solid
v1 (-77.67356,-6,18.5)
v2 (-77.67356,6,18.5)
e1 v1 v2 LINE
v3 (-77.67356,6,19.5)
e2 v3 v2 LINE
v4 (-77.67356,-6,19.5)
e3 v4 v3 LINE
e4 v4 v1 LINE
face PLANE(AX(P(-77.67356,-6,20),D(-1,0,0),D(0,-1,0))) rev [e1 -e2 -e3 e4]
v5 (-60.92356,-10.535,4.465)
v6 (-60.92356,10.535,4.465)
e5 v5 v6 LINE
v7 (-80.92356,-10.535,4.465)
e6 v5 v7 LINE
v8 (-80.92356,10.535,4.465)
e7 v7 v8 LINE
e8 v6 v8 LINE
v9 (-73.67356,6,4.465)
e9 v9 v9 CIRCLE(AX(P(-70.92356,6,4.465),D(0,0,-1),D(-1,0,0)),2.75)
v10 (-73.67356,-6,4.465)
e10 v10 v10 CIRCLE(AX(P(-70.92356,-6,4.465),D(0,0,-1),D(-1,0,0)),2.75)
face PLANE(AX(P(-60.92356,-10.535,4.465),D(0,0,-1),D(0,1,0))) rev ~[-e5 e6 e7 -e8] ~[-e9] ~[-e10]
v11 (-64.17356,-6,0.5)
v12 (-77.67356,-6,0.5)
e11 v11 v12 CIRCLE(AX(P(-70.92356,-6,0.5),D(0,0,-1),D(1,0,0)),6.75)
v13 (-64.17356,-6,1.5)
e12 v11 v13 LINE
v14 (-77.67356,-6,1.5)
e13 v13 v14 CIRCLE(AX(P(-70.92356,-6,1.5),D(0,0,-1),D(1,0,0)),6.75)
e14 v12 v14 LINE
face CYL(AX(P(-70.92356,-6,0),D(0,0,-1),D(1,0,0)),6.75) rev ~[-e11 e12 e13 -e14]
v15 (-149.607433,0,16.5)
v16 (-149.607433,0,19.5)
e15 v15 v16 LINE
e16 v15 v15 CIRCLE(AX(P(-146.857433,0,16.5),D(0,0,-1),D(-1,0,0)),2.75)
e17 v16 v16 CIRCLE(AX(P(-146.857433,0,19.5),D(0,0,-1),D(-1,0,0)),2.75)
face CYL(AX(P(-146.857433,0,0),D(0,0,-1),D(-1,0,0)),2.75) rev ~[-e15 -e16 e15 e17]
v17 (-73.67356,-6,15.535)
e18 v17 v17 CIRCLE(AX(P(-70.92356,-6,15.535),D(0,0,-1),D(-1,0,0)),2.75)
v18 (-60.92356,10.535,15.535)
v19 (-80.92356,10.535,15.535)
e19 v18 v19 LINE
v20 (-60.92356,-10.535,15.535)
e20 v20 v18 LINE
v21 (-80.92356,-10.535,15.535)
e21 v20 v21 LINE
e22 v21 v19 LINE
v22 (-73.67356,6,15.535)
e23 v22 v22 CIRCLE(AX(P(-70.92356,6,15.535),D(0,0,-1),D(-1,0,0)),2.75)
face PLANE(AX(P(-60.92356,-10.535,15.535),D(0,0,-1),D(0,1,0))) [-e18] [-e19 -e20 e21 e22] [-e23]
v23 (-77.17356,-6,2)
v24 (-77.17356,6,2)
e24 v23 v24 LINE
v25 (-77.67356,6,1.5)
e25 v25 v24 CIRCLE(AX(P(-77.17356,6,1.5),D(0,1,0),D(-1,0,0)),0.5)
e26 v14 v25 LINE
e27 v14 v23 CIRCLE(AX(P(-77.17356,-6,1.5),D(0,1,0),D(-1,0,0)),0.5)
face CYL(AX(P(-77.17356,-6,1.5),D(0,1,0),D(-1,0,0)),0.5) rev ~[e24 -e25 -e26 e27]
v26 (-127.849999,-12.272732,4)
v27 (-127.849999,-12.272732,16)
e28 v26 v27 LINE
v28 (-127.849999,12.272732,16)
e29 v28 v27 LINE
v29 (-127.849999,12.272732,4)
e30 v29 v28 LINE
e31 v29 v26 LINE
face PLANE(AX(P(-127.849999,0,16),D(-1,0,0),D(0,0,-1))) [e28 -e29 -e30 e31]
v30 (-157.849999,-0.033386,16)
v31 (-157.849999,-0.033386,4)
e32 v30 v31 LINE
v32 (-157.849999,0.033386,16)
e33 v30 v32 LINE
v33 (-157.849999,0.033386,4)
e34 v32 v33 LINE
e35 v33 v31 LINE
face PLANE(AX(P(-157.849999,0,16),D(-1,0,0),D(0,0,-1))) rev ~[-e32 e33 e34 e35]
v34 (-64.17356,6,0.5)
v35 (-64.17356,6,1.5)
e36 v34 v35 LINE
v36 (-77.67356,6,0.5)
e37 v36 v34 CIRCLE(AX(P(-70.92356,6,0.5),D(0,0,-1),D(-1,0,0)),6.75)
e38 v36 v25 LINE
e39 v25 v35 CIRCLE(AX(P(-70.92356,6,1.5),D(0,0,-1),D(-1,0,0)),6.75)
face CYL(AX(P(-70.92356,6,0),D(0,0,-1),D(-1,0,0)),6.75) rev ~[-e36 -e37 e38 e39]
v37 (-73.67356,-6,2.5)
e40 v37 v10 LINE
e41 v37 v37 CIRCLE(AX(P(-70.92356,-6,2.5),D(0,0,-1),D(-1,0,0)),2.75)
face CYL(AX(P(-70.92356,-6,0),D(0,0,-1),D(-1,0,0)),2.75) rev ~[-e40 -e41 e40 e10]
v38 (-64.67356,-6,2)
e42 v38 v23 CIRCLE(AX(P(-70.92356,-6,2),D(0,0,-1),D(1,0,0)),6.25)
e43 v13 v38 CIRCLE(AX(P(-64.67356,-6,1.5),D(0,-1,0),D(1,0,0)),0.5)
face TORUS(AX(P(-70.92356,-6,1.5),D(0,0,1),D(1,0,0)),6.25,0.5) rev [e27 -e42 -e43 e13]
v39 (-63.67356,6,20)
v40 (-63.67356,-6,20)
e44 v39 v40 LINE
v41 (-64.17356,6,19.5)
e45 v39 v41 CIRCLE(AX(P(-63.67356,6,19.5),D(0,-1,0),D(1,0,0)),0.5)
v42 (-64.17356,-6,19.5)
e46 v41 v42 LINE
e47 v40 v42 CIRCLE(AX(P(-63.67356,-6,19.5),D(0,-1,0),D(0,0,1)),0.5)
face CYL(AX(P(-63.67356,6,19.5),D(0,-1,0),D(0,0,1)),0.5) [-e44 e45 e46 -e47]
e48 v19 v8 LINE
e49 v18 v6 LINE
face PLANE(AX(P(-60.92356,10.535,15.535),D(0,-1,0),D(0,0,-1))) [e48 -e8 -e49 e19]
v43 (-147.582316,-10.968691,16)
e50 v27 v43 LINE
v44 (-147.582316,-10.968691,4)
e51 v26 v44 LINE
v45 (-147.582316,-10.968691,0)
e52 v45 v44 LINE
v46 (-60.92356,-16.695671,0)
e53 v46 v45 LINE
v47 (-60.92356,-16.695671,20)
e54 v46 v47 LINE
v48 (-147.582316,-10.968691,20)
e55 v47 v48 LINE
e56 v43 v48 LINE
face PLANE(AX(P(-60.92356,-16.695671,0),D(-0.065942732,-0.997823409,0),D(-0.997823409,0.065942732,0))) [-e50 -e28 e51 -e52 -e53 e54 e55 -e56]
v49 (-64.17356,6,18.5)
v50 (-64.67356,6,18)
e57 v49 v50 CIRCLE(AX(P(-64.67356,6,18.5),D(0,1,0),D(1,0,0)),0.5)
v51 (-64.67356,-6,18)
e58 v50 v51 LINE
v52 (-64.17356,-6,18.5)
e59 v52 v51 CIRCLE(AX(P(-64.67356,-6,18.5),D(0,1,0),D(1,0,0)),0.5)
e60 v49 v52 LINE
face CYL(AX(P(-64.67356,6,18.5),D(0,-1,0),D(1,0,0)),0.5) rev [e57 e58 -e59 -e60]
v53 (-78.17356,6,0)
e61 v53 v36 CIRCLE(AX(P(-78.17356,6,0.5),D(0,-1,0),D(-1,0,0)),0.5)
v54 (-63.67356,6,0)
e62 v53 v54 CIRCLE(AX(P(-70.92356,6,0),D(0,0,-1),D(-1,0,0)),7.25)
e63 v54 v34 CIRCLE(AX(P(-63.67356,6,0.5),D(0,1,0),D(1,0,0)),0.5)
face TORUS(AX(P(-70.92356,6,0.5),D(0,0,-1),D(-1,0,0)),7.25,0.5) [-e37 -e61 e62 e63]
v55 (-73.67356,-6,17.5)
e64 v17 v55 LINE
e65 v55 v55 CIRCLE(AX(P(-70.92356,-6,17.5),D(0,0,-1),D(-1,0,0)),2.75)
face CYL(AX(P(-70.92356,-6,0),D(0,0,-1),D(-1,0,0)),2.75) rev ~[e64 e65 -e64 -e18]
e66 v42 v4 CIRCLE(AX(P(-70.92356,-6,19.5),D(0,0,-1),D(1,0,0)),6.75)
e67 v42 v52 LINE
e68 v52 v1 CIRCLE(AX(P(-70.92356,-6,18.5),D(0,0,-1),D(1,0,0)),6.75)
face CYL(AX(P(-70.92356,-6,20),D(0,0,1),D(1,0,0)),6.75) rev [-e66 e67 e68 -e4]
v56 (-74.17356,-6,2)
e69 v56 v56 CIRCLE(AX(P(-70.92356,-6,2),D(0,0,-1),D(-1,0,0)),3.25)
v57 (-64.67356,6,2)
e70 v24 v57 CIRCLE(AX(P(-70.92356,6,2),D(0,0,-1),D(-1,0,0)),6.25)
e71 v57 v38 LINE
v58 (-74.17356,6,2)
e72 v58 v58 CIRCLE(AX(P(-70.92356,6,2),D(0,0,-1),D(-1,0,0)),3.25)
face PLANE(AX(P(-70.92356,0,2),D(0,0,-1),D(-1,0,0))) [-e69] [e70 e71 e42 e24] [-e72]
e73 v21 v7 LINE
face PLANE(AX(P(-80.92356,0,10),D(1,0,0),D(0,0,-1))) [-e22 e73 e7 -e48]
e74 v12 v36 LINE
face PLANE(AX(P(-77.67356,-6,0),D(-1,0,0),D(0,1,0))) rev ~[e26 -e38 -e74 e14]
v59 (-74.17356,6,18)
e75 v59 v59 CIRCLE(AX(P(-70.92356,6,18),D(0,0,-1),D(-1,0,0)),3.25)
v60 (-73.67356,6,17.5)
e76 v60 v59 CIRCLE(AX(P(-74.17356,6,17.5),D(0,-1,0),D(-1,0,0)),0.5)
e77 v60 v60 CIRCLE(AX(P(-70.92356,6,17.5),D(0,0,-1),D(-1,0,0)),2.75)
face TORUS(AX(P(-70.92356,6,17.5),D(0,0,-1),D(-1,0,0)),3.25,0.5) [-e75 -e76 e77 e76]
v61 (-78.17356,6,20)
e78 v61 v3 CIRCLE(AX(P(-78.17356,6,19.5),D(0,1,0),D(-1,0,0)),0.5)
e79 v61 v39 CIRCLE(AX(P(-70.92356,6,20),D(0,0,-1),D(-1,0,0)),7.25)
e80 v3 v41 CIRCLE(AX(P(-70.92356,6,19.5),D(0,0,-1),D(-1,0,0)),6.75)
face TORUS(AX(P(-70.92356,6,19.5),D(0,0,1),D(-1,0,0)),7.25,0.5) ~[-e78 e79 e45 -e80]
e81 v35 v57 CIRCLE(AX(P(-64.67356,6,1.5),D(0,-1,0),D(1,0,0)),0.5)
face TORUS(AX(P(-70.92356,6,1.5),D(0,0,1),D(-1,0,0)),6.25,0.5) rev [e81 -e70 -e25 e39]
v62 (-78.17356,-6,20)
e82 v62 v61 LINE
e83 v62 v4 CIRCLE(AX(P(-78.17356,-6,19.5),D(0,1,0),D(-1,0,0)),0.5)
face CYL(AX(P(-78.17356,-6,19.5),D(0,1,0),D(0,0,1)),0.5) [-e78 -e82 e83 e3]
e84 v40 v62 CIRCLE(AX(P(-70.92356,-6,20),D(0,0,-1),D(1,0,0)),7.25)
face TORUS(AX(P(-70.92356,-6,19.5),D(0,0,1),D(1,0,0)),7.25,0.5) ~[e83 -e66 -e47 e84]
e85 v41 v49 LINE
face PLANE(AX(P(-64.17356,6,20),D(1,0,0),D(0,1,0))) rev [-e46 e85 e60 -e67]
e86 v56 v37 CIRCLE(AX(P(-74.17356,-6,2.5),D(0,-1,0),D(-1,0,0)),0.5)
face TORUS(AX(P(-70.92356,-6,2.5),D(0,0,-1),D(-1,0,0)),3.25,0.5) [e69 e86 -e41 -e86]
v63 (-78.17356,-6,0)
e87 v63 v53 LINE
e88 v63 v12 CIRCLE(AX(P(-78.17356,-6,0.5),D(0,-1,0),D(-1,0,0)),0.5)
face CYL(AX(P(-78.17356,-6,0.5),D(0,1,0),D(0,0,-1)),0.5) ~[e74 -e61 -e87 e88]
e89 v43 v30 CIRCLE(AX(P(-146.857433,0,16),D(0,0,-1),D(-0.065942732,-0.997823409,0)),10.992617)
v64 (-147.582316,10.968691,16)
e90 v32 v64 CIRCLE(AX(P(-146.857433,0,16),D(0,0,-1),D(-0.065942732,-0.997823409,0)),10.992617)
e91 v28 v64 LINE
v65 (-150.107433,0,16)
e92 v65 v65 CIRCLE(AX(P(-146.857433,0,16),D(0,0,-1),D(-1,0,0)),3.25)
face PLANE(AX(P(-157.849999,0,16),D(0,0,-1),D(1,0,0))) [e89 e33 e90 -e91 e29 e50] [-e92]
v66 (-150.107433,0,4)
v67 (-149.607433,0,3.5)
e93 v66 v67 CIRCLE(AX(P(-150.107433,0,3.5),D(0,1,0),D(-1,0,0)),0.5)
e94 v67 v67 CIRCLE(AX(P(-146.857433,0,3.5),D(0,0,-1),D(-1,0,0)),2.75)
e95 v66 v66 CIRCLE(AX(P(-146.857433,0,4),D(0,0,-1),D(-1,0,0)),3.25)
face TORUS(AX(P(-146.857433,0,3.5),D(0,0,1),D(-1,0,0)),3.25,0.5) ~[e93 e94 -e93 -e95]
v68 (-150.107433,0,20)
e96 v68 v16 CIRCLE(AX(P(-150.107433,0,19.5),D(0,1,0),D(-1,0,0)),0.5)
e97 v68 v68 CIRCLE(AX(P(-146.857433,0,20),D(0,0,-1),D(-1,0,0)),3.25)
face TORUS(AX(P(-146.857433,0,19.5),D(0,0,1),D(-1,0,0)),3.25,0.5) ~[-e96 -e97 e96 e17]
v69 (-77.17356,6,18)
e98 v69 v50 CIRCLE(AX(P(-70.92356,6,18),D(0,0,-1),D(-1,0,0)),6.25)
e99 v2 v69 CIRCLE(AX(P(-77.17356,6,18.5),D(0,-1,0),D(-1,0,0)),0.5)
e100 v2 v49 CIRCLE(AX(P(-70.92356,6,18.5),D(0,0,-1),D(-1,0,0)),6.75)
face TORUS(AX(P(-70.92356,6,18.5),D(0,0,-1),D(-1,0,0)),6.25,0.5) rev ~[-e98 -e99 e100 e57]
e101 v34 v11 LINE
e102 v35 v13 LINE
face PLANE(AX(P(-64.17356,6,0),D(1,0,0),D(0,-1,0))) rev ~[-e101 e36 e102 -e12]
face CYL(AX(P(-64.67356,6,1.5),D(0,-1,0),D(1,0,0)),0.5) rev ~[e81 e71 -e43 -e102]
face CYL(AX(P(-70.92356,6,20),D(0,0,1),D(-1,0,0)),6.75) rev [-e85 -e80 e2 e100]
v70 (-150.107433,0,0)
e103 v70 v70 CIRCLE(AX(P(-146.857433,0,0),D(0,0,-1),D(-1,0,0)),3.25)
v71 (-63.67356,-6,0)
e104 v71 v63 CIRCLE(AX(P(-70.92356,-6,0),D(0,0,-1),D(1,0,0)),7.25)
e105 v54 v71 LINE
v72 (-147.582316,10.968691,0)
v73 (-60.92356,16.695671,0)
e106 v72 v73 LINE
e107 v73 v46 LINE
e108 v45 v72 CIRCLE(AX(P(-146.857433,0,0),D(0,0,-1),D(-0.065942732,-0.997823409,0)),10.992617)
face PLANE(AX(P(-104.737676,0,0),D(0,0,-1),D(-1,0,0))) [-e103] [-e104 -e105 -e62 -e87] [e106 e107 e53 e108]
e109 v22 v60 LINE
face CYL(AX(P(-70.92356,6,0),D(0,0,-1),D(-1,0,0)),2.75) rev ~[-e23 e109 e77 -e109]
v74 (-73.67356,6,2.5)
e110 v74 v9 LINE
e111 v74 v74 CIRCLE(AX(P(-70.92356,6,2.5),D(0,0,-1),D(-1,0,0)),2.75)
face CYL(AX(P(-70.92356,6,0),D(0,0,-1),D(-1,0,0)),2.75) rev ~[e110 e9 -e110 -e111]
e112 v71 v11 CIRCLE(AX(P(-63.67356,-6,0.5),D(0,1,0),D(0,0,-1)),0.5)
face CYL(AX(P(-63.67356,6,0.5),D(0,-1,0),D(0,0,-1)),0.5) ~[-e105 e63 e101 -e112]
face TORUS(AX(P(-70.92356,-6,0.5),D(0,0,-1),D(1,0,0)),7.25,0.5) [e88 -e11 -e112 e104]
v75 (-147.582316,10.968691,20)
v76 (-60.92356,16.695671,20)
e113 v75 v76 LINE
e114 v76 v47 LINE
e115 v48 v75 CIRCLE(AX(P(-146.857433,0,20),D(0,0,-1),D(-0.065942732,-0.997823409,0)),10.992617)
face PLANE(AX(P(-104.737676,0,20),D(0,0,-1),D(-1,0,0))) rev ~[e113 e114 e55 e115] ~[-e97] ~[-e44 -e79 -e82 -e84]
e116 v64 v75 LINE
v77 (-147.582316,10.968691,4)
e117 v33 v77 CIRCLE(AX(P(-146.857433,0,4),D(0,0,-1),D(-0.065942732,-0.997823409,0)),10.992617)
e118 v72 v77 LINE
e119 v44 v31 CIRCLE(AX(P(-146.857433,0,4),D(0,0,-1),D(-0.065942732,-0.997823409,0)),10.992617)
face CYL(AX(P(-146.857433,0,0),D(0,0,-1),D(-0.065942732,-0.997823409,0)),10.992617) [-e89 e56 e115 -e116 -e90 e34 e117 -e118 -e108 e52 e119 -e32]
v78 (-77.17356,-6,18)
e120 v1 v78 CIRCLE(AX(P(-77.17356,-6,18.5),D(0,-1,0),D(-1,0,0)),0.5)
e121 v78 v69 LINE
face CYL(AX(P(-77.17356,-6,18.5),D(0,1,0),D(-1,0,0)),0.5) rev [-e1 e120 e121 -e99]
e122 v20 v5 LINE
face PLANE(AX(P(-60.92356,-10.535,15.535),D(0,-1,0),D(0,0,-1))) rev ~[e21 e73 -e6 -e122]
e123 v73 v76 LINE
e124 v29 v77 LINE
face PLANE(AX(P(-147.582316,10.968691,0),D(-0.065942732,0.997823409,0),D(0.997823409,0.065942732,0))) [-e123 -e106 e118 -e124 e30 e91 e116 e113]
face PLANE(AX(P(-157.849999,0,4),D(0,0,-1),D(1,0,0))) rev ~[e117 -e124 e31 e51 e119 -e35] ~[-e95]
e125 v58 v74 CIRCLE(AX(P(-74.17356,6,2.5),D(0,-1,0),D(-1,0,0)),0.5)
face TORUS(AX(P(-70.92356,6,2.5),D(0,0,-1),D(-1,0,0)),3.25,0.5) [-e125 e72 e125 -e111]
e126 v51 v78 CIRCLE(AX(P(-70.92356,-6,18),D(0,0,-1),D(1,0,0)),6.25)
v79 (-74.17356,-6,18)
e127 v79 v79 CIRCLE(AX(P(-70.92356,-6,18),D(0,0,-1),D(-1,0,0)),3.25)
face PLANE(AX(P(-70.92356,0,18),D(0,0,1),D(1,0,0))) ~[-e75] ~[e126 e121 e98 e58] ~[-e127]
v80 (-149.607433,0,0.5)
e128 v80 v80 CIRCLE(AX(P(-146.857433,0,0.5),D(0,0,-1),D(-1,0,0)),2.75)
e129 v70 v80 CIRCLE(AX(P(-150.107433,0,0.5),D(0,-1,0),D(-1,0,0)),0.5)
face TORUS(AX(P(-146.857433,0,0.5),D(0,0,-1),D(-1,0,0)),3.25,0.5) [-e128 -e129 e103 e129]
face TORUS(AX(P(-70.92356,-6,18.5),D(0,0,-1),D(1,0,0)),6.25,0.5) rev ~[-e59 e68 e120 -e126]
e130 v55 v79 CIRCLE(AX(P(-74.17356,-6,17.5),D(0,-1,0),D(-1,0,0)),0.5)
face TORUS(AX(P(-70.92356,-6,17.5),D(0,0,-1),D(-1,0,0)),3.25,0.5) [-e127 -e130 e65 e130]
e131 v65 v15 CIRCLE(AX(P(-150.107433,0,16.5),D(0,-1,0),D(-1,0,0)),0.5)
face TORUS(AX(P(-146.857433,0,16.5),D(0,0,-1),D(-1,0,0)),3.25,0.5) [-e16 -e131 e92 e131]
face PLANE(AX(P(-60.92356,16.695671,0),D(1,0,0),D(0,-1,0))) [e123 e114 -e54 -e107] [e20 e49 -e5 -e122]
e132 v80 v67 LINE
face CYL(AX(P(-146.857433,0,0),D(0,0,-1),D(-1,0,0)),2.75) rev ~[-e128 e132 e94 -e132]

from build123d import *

# Parameters (mm, degrees)
BOSS_EXTRUDE1_DEPTH     = 20
SKETCH2_W               = 11.07
SKETCH2_H               = 21.07
CUT_EXTRUDE1_DEPTH      = 20
SKETCH4_W               = 30
SKETCH4_H               = 12
CUT_EXTRUDE2_DEPTH      = 17.695671227
CUT_EXTRUDE2_DEPTH_BACK = 17.695671227
SKETCH5_R               = 2.75
CUT_EXTRUDE3_DEPTH      = 21
SKETCH6_R               = 2.75
CUT_EXTRUDE4_DEPTH      = 21
CUT_EXTRUDE5_DEPTH      = 2
FILLET2_R               = 0.5


with BuildPart() as part:
    # Sketch1 → Boss-Extrude1 (new body)
    with BuildSketch(Plane.XY):
        with BuildLine():
            Line((-147.582315954, 10.968690843), (-60.923560458, 16.695671227))
            Line((-60.923560458, 16.695671227), (-60.923560458, -16.695671227))
            Line((-60.923560458, -16.695671227), (-147.582315954, -10.968690843))
            ThreePointArc((-147.582315954, -10.968690843), (-157.850050011, 0), (-147.582315954, 10.968690843))
        make_face()
    extrude(amount=BOSS_EXTRUDE1_DEPTH)

    # Sketch2 → Cut-Extrude1 (cut)
    with BuildSketch(Plane(origin=(-60.923560458, 0, 0), x_dir=(0, 0, -1), z_dir=(1, 0, 0))):
        with Locations((-10, 0)):
            Rectangle(SKETCH2_W, SKETCH2_H)
    extrude(amount=-CUT_EXTRUDE1_DEPTH, mode=Mode.SUBTRACT)

    # Sketch4 → Cut-Extrude2 (cut, two sides)
    with BuildSketch(Plane(origin=(0, 0, 0), x_dir=(1, 0, 0), z_dir=(0, 1, 0))) as cut_extrude2_sk:
        with Locations((-142.849999312, -10)):
            Rectangle(SKETCH4_W, SKETCH4_H)
    extrude(amount=CUT_EXTRUDE2_DEPTH, mode=Mode.SUBTRACT)
    extrude(cut_extrude2_sk.sketch, amount=-CUT_EXTRUDE2_DEPTH_BACK, mode=Mode.SUBTRACT)

    # Sketch5 → Cut-Extrude3 (cut, through all)
    with BuildSketch(Plane(origin=(0, 0, 0), x_dir=(-1, 0, 0), z_dir=(0, 0, -1))):
        with Locations((146.857432739, 0)):
            Circle(SKETCH5_R)
    extrude(amount=-CUT_EXTRUDE3_DEPTH, mode=Mode.SUBTRACT)

    # Sketch6 → Cut-Extrude4 (cut, through all)
    with BuildSketch(Plane(origin=(0, 0, 0), x_dir=(-1, 0, 0), z_dir=(0, 0, -1))):
        with Locations((70.923560458, -6)):
            Circle(SKETCH6_R)
        with Locations((70.923560458, 6)):
            Circle(SKETCH6_R)
    extrude(amount=-CUT_EXTRUDE4_DEPTH, mode=Mode.SUBTRACT)

    # Sketch8 → Cut-Extrude5 (cut)
    with BuildSketch(Plane(origin=(0, 0, 0), x_dir=(-1, 0, 0), z_dir=(0, 0, -1))):
        with BuildLine():
            Line((64.173560458, 6), (64.173560458, -6))
            ThreePointArc((64.173560458, -6), (70.923560458, -12.75), (77.673560458, -6))
            Line((77.673560458, -6), (77.673560458, 6))
            ThreePointArc((77.673560458, 6), (70.923560458, 12.75), (64.173560458, 6))
        make_face()
    cut_extrude5 = extrude(amount=-CUT_EXTRUDE5_DEPTH, mode=Mode.SUBTRACT)

    # Mirror1: Cut-Extrude5 across plane
    add(cut_extrude5.mirror(Plane(origin=(0, 0, 10), x_dir=(1, 0, 0), z_dir=(0, 0, -1))), mode=Mode.SUBTRACT)

    # Fillet2
    fillet2_edges = [part.edges().sort_by_distance(p)[0] for p in [
        (-70.923560458, 12.75, 18),
        (-64.173560458, 0, 18),
        (-70.923560458, -12.75, 18),
        (-77.673560458, 0, 18),
        (-68.173560458, 6, 18),
        (-70.923560458, 12.75, 20),
        (-64.173560458, 0, 20),
        (-70.923560458, -12.75, 20),
        (-77.673560458, 0, 20),
        (-68.173560458, -6, 18),
        (-144.107432739, 0, 4),
        (-144.107432739, 0, 20),
        (-144.107432739, 0, 16),
        (-144.107432739, 0, 0),
        (-68.173560458, 6, 2),
        (-70.923560458, 12.75, 0),
        (-64.173560458, 0, 0),
        (-70.923560458, -12.75, 0),
        (-77.673560458, 0, 0),
        (-70.923560458, 12.75, 2),
        (-77.673560458, 0, 2),
        (-70.923560458, -12.75, 2),
        (-64.173560458, 0, 2),
        (-68.173560458, -6, 2),
    ]]
    fillet(fillet2_edges, radius=FILLET2_R)


solid = part.part
